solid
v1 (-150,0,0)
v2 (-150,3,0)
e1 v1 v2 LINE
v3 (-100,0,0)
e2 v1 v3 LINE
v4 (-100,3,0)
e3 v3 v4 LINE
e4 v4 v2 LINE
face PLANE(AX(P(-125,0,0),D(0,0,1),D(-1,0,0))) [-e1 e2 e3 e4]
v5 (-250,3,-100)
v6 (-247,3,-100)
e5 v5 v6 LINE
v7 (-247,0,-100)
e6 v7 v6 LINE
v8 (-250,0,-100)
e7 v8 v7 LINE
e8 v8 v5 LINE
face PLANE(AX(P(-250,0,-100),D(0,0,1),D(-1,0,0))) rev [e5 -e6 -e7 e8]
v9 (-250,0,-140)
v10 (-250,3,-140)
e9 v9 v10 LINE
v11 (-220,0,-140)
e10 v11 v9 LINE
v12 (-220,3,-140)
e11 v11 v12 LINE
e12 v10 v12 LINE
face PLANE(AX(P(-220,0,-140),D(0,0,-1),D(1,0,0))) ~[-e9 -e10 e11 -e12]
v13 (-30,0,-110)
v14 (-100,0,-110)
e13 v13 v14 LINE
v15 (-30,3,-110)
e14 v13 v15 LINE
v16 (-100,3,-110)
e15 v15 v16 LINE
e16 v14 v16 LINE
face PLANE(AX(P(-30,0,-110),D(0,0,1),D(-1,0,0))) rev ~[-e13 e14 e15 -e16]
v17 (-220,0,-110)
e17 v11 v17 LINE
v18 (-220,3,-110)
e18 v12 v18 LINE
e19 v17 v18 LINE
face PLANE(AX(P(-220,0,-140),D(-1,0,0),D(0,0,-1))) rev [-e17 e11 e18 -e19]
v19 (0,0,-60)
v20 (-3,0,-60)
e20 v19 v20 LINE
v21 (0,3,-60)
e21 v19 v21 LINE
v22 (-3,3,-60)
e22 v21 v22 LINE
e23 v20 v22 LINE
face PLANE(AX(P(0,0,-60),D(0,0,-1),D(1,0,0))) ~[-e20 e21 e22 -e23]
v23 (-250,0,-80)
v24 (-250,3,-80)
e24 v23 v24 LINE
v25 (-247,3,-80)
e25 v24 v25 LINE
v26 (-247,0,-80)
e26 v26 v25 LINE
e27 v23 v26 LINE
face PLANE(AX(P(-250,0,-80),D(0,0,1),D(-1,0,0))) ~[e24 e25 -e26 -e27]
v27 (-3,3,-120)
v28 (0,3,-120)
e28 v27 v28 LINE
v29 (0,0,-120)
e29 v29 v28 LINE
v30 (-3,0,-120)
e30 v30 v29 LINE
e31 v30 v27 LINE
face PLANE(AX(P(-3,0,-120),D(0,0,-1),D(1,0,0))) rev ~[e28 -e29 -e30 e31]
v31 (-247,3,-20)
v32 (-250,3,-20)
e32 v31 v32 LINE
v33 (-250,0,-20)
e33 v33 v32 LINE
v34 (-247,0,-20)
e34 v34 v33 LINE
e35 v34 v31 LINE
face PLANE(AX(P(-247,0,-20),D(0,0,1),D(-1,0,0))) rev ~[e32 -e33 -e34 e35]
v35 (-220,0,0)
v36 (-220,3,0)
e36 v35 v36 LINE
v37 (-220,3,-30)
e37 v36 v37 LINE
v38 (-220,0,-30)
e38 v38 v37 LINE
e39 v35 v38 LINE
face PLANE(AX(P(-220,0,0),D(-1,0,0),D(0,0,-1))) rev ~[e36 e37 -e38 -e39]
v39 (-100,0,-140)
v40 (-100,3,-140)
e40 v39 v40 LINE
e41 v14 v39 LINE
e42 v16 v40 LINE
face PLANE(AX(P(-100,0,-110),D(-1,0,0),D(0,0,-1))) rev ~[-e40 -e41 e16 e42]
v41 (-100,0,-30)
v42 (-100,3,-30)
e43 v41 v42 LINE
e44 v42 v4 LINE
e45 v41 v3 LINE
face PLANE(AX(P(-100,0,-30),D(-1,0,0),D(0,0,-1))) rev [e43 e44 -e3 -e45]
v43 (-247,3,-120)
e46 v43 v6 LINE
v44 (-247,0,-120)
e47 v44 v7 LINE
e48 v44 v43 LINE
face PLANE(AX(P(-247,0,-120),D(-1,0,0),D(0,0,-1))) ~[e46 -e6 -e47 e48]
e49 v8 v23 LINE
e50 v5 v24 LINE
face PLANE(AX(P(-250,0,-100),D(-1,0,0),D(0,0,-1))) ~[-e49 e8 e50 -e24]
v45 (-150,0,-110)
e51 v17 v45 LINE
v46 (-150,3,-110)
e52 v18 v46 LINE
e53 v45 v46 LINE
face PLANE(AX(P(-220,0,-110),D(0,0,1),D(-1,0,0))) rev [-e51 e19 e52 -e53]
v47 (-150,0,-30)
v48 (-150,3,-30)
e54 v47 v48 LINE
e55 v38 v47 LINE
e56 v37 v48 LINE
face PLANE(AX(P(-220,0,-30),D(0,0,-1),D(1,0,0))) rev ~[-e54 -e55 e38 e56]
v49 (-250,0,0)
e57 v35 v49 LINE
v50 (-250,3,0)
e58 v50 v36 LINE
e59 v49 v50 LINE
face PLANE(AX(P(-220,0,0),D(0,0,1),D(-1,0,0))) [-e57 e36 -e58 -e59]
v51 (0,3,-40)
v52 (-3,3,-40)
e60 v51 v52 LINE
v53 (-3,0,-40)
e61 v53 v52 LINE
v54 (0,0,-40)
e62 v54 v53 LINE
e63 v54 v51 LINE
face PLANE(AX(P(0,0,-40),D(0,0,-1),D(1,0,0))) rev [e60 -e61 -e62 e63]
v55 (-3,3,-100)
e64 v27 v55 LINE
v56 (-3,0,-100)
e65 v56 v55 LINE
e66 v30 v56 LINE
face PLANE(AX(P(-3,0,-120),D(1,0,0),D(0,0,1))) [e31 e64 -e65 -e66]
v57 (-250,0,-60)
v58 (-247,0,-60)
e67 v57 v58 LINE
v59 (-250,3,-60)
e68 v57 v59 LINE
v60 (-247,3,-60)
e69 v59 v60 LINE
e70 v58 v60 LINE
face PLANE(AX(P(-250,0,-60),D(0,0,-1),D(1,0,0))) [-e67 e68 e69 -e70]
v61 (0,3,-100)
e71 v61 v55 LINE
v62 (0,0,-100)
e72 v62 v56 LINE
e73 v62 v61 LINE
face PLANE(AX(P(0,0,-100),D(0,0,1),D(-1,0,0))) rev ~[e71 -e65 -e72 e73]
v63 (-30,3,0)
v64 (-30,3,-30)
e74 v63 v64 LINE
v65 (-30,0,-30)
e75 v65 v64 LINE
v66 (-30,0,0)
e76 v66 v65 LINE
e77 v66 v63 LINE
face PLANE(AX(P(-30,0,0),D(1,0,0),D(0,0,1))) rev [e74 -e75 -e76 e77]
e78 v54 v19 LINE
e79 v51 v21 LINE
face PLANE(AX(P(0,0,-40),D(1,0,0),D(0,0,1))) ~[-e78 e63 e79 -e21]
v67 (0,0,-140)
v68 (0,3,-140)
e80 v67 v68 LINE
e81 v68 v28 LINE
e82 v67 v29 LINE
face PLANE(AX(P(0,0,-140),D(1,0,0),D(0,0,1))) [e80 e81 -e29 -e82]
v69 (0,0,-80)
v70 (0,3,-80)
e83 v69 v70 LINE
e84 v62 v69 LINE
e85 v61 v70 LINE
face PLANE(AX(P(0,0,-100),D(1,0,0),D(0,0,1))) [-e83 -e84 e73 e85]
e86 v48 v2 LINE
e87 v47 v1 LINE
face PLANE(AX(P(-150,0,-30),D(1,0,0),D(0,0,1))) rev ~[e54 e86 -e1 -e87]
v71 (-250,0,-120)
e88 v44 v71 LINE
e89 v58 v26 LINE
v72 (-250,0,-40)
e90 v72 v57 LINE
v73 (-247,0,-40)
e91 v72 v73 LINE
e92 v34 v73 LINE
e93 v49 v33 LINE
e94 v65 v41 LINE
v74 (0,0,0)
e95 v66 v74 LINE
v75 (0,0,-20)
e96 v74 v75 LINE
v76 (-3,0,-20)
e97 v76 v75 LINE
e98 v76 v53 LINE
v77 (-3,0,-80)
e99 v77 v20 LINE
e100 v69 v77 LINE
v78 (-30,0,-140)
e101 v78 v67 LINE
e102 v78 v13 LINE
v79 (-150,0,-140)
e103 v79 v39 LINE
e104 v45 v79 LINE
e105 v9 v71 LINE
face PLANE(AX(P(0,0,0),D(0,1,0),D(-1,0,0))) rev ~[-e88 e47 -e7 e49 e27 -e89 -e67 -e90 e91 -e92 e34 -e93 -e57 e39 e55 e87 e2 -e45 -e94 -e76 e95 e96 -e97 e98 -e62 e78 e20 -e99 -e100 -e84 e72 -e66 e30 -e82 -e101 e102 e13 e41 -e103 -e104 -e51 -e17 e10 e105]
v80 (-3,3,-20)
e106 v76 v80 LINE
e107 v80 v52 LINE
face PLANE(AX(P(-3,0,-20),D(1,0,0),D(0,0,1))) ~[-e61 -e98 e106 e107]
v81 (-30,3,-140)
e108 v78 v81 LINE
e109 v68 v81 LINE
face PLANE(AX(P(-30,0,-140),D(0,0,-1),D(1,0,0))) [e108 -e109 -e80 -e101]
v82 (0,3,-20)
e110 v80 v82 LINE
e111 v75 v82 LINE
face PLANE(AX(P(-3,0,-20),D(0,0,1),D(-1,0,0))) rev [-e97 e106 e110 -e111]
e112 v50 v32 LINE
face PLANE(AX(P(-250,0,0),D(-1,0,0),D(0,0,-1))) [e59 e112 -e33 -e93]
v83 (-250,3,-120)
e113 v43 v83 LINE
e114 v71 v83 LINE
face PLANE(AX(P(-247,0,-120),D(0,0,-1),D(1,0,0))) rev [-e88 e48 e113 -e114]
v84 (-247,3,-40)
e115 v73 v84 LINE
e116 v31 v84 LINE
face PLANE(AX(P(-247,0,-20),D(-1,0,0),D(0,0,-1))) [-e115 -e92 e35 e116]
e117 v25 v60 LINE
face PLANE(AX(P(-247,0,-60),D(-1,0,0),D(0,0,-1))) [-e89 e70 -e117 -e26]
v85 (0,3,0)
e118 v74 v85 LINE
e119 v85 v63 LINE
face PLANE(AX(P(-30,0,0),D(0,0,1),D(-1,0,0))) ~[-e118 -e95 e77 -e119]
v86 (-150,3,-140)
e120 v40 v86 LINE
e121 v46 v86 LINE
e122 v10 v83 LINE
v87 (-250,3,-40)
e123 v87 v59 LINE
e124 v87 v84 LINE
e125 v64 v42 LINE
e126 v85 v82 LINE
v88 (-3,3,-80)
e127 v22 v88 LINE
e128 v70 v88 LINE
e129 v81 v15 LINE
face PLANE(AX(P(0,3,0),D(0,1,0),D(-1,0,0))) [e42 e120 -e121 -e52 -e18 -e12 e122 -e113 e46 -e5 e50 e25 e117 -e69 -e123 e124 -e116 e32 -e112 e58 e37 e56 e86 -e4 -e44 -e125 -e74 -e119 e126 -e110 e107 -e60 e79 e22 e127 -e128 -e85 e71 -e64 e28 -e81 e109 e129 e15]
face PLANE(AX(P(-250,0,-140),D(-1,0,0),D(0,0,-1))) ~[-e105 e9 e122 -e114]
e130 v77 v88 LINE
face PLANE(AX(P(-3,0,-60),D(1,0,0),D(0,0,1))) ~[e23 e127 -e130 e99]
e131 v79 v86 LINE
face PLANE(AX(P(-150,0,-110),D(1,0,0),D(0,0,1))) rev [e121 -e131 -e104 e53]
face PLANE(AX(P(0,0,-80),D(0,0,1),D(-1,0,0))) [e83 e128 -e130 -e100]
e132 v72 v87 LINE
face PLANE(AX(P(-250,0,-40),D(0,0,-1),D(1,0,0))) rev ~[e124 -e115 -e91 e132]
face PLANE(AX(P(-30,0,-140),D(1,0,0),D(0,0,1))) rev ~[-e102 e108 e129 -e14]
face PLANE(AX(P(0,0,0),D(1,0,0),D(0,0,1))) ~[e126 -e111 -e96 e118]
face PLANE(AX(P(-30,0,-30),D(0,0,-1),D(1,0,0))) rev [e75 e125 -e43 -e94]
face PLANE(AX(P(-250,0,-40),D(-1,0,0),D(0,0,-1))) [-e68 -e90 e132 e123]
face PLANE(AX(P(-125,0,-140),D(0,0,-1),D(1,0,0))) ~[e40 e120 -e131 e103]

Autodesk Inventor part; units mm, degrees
ref_plane "YZ Plane" through (0, 0, 0) normal (1, 0, 0) x (0, 1, 0)
ref_plane "XZ Plane" through (0, 0, 0) normal (0, 1, 0) x (-1, 0, 0)
ref_plane "XY Plane" through (0, 0, 0) normal (0, 0, 1) x (1, 0, 0)
sketch "Sketch1" plane through (0, 0, 0) normal (0, 1, 0) x (-1, 0, 0)
  line L0 (0, 0) -> (250, 0)
  line L1 (0, -140) -> (0, 0)
  line L2 (250, 0) -> (250, -70)
  line L3 (250, 0) -> (125, 0)
  line L4 (125, 0) -> (125, -70)
  line L5 (125, -70) -> (250, -70)
  line L6 (250, -70) -> (250, 0)
  line L7 (250, 0) -> (220, 0)
  line L8 (220, 0) -> (220, -30)
  line L9 (220, -30) -> (150, -30)
  line L10 (150, -30) -> (150, 0)
  line L11 (250, 0) -> (247, 0)
  line L12 (247, 0) -> (247, -20)
  line L13 (247, -20) -> (250, -20)
  line L14 (247, -20) -> (247, -70)
  line L15 (250, -20) -> (250, -40)
  line L16 (250, -40) -> (250, -60)
  line L17 (250, -60) -> (247, -60)
  line L18 (250, -40) -> (247, -40)
  dimension "d2" = 125
  dimension "d3" = 70
  dimension "d5" = 30
  dimension "d6" = 70
  dimension "d7" = 3
  dimension "d8" = 20
  dimension "d9" = 20
  dimension "d10" = 20
extrude "Extrusion1" add sketch "Sketch1" along normal blind 3 contours L0 L10 L9 L8 L12 L14 L5 L4 | L0 L2 L13 L12 | L14 L18 L2 L17
mirror "Mirror1" about plane through (-125, 0, -70) normal (0, 0, -1) of "Extrusion1"
mirror "Mirror2" about plane through (-125, 0, 0) normal (1, 0, 0) of "Extrusion1", "Mirror1"
properties part number "onderkant"
